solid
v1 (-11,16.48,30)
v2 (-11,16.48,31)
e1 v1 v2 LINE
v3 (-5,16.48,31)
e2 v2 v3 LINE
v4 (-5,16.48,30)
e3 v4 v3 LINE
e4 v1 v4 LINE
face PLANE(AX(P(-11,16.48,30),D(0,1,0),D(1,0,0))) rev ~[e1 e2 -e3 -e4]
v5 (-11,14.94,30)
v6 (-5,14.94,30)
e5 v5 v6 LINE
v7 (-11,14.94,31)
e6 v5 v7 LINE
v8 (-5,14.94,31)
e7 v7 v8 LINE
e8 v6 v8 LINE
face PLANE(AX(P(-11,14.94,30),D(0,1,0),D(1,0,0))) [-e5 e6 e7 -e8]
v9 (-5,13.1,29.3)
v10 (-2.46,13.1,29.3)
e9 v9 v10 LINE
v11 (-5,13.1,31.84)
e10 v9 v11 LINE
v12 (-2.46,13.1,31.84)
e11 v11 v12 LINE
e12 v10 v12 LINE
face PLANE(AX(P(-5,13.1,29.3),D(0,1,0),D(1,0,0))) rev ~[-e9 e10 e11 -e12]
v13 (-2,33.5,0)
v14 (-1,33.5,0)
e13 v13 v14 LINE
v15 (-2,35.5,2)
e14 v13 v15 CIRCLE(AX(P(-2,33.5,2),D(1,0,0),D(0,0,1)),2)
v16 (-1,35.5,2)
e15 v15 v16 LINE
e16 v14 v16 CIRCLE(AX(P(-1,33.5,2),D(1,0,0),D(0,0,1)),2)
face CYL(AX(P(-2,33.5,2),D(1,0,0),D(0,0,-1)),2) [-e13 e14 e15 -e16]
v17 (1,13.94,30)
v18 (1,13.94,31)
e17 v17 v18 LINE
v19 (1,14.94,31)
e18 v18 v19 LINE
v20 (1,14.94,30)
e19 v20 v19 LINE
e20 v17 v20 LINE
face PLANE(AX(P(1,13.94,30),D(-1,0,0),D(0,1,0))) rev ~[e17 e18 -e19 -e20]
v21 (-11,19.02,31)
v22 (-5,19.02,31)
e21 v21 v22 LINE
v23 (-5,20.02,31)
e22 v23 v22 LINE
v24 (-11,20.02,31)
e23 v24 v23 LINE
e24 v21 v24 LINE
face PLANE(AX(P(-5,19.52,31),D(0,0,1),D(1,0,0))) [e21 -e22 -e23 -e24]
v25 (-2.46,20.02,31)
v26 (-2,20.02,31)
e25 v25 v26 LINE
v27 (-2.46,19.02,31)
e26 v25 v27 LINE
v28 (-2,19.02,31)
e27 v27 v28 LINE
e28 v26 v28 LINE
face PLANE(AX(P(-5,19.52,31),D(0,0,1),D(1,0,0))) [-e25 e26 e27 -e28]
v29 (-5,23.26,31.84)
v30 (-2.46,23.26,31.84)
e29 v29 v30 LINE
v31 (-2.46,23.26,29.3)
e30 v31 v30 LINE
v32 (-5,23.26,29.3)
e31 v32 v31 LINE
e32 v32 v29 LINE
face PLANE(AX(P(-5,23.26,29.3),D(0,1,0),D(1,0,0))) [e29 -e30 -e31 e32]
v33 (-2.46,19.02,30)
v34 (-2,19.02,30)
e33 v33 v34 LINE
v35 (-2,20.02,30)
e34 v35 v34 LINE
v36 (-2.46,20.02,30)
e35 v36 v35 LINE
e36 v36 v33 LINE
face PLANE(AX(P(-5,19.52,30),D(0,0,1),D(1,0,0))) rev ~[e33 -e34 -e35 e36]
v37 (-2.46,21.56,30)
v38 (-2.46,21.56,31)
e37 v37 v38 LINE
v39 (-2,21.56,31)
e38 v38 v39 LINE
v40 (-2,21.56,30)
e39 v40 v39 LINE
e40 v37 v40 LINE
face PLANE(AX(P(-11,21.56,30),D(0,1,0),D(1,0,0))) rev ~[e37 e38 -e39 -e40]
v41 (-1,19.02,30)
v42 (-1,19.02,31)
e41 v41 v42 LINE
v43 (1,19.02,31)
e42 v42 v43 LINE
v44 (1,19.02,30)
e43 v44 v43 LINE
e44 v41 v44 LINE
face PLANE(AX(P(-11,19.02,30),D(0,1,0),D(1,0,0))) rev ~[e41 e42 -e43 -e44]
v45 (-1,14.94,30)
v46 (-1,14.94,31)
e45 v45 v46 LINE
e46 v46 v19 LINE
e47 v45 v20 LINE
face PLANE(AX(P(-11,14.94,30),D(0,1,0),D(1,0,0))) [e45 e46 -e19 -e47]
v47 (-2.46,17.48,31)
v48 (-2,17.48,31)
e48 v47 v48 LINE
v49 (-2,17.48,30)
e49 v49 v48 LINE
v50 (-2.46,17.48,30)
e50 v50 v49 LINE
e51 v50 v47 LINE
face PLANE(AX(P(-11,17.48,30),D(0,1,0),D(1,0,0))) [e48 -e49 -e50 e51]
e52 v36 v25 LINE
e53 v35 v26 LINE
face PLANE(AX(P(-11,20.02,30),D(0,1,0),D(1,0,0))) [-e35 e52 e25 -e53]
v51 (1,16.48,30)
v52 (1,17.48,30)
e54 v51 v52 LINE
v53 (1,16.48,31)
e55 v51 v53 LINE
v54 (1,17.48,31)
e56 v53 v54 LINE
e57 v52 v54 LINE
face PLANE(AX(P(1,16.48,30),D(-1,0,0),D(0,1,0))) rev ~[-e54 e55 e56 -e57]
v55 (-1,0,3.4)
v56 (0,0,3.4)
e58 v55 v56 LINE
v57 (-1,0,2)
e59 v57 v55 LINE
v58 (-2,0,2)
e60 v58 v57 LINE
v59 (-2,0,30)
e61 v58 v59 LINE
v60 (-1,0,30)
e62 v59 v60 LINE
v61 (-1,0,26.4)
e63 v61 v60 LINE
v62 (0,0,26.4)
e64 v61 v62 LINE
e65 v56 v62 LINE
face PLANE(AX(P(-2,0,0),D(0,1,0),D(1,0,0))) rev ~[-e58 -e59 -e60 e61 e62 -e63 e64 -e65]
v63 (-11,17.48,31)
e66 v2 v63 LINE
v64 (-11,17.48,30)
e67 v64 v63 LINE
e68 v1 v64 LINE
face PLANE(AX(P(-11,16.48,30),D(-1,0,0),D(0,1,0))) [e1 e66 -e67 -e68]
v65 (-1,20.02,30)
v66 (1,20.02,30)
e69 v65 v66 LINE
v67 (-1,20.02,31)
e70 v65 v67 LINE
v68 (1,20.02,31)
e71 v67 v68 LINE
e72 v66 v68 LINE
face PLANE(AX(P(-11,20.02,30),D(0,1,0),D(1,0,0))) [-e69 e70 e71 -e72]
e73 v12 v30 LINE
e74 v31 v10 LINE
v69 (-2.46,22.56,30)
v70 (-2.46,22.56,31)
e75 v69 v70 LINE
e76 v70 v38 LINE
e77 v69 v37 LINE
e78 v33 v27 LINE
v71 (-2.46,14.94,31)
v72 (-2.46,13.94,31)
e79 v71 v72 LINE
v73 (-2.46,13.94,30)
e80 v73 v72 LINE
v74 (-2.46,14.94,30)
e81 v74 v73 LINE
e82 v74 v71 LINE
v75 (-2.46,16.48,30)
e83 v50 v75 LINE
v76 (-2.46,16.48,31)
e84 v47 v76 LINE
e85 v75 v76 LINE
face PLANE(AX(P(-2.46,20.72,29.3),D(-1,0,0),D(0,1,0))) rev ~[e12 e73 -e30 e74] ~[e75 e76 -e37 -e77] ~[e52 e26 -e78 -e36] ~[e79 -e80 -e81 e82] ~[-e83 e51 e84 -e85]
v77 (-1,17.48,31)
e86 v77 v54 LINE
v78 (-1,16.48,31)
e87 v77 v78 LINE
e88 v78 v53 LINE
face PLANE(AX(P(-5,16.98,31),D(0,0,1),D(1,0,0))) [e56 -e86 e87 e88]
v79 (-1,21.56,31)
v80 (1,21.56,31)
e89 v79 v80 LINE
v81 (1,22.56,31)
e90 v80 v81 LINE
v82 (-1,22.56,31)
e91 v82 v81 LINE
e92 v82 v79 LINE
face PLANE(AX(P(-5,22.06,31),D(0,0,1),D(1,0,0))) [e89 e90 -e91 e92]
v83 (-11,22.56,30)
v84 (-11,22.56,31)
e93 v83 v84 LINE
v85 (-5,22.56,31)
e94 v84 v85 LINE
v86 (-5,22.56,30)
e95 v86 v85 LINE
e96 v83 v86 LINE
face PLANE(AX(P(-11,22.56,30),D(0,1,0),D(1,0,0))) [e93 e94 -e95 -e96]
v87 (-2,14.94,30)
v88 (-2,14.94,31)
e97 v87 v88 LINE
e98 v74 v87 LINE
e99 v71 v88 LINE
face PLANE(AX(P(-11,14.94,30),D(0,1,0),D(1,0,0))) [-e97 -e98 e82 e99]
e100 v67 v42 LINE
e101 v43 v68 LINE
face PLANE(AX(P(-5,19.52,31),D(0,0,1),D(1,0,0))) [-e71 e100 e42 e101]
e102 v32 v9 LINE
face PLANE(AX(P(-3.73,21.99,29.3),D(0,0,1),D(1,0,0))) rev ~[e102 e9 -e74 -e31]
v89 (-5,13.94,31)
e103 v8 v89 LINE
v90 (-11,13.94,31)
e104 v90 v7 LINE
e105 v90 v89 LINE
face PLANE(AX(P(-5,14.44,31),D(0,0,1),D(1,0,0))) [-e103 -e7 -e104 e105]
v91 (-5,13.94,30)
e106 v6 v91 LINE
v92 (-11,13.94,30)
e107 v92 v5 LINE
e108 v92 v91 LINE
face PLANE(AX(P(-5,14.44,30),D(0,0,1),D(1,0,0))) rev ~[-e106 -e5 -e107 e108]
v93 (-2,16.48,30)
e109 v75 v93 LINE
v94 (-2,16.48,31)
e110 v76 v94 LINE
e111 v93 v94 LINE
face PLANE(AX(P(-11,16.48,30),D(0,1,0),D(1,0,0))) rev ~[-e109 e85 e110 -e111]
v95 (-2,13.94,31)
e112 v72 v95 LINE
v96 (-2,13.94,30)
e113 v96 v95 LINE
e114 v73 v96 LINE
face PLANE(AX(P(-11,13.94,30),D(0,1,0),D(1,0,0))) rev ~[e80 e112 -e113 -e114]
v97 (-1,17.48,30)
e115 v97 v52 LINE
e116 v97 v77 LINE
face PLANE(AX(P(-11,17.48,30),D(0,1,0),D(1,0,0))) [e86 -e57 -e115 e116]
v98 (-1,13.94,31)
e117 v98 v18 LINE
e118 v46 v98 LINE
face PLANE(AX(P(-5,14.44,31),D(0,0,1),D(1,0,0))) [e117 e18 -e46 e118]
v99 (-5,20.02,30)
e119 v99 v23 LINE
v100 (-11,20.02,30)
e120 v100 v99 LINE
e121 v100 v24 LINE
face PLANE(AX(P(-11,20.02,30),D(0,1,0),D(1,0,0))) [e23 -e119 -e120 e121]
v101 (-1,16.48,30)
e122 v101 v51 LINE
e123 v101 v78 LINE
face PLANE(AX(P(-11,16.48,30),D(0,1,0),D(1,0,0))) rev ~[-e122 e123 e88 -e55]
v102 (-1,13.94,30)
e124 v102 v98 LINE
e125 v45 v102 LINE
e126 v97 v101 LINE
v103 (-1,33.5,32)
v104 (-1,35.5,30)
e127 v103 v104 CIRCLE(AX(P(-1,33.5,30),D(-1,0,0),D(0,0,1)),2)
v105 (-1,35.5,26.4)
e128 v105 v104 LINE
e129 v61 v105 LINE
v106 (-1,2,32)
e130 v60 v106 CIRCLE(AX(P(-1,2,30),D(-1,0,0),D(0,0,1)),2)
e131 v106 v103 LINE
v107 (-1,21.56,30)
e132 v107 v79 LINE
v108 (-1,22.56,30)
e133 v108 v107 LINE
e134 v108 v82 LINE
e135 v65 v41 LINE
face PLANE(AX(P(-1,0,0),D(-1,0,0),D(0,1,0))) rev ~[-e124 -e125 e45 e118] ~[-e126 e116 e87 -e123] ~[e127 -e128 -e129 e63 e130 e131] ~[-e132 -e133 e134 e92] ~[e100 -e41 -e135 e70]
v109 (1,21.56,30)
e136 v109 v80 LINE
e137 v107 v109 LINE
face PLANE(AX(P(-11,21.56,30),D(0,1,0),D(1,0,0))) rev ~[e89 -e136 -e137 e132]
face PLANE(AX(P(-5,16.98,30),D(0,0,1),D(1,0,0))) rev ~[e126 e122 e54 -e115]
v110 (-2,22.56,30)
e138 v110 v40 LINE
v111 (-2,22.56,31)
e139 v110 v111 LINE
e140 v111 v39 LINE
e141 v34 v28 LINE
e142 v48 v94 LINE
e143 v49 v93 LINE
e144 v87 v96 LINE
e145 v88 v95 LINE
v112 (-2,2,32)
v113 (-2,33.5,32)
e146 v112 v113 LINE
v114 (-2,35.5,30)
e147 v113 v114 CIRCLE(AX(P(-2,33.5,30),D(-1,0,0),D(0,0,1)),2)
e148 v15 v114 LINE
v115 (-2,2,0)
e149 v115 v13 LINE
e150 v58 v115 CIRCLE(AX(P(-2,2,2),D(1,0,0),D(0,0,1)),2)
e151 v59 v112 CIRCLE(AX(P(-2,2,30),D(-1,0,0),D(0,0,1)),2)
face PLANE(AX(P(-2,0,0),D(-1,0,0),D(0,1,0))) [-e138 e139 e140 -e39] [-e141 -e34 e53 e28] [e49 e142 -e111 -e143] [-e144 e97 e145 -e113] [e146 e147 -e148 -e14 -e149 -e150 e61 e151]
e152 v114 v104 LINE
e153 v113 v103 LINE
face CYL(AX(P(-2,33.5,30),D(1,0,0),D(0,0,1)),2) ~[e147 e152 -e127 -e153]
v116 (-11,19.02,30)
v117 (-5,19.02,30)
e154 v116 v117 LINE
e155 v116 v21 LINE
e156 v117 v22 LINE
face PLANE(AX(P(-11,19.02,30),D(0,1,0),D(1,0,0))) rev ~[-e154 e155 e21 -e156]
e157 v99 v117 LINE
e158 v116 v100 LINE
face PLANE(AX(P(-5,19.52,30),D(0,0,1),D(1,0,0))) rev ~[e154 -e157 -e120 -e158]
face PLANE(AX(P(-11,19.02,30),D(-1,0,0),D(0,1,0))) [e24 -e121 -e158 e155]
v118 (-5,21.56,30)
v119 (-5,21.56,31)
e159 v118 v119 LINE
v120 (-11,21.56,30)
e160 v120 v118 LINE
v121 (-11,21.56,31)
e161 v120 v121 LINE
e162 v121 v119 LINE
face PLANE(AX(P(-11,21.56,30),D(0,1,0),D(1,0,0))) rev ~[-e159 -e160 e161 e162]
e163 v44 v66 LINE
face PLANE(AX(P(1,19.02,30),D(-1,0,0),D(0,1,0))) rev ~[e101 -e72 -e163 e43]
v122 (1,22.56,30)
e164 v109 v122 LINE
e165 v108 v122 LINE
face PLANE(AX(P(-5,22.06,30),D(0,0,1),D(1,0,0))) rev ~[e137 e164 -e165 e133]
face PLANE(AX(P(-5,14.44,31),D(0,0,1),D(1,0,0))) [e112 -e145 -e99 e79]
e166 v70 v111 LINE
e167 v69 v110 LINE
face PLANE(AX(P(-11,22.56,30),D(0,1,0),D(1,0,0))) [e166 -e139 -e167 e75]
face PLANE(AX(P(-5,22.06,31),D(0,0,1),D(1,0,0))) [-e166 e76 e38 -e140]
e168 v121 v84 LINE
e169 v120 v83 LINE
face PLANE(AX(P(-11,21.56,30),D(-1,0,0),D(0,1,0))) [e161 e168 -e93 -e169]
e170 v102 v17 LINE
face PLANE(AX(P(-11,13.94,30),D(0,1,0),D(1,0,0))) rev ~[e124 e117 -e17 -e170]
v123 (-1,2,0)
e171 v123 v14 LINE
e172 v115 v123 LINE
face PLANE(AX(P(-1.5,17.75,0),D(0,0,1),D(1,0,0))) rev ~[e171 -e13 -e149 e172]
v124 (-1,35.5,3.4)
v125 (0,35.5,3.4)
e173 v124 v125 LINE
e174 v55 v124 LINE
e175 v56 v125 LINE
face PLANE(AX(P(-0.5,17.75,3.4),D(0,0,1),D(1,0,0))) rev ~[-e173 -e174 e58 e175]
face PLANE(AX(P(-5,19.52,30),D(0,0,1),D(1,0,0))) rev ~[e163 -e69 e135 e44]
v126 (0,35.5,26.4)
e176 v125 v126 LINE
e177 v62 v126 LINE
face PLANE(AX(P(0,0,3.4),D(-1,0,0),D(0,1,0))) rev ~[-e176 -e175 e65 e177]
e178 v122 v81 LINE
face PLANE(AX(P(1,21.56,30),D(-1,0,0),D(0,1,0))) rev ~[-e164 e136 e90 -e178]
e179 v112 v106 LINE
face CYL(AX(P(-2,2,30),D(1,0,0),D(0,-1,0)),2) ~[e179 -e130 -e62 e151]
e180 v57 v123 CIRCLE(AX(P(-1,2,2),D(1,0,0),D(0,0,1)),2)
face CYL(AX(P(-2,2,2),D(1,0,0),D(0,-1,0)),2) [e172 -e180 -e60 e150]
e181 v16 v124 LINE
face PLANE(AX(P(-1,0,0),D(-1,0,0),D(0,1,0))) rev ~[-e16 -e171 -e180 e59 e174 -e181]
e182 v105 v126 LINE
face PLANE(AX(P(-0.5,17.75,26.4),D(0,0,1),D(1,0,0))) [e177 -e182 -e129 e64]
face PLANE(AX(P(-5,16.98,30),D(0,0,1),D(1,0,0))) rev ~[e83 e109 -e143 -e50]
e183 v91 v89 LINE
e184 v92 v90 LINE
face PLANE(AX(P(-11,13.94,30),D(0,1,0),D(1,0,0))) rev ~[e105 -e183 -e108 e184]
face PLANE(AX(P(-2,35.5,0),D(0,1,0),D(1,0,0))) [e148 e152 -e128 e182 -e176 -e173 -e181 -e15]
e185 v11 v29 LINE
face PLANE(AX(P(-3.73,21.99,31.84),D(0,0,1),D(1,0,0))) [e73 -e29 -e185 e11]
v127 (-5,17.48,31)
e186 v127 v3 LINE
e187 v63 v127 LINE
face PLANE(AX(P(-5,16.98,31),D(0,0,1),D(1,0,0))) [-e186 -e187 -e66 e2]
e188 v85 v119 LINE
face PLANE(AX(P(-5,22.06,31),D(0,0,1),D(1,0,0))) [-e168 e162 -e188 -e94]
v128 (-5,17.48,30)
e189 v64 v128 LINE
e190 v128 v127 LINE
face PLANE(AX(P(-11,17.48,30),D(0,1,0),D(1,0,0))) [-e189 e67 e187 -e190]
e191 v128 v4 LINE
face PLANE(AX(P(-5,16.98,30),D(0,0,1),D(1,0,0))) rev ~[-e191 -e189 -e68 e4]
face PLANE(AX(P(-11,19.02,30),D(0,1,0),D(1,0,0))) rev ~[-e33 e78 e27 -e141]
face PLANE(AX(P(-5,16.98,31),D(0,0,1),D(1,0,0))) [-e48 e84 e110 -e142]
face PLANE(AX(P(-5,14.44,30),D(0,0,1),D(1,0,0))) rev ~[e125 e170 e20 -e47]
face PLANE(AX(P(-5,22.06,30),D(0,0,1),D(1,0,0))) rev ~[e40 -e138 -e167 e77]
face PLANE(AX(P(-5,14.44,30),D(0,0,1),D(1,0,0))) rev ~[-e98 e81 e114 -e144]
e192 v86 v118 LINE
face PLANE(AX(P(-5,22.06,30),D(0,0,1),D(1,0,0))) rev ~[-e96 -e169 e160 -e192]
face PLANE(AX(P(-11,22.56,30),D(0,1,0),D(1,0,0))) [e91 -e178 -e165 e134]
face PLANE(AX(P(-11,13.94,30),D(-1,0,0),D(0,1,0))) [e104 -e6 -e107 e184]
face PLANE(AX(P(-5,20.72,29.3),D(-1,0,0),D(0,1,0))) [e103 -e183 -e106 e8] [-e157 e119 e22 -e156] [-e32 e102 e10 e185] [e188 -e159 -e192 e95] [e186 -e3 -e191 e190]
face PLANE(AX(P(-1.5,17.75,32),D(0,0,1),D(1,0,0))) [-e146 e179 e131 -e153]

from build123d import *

# Parameters (mm, degrees)
BOX003001_W           = 2.54
BOX003001_H           = 2.54
BOX003001_DEPTH       = 2.54
BOX002001_W           = 12
BOX002001_H           = 1
BOX002001_DEPTH       = 1
BOX003001001_W        = 2.54
BOX003001001_H        = 2.54
BOX003001001_DEPTH    = 2.54
BOX002001001_W        = 12
BOX002001001_H        = 1
BOX002001001_DEPTH    = 1
BOX003001001001_W     = 2.54
BOX003001001001_H     = 2.54
BOX003001001001_DEPTH = 2.54
BOX002001001001_W     = 12
BOX002001001001_H     = 1
BOX002001001001_DEPTH = 1
BOX003_W              = 2.54
BOX003_H              = 2.54
BOX003_DEPTH          = 2.54
BOX002_W              = 12
BOX002_H              = 1
BOX002_DEPTH          = 1
BOX_W                 = 1
BOX_H                 = 35.5
BOX_DEPTH             = 32
FILLET_R              = 2
FILLET001_R           = 2
FILLET002_R           = 2
FILLET003_R           = 2
BOX001_W              = 1
BOX001_H              = 35.5
BOX001_DEPTH          = 23


with BuildPart() as housing001:
    # Box003001 → Box003001 (new body)
    with BuildSketch(Plane(origin=(-5, 13.1, 29.3), x_dir=(1, 0, 0), z_dir=(0, 0, 1))):
        with Locations((1.27, 1.27)):
            Rectangle(BOX003001_W, BOX003001_H)
    extrude(amount=BOX003001_DEPTH)


with BuildPart() as pin003:
    # Box002001 → Box002001 (new body)
    with BuildSketch(Plane(origin=(-11, 13.94, 30), x_dir=(1, 0, 0), z_dir=(0, 0, 1))):
        with Locations((6, 0.5)):
            Rectangle(BOX002001_W, BOX002001_H)
    extrude(amount=BOX002001_DEPTH)

    # Fusion001: union Housing001
    add(housing001.part)


with BuildPart() as pin003_1:
    # Fusion001 placement: moved
    add(pin003.part.moved(Location((0, 2.54, 0))))


with BuildPart() as housing002:
    # Box003001001 → Box003001001 (new body)
    with BuildSketch(Plane(origin=(-5, 13.1, 29.3), x_dir=(1, 0, 0), z_dir=(0, 0, 1))):
        with Locations((1.27, 1.27)):
            Rectangle(BOX003001001_W, BOX003001001_H)
    extrude(amount=BOX003001001_DEPTH)


with BuildPart() as pin004:
    # Box002001001 → Box002001001 (new body)
    with BuildSketch(Plane(origin=(-11, 13.94, 30), x_dir=(1, 0, 0), z_dir=(0, 0, 1))):
        with Locations((6, 0.5)):
            Rectangle(BOX002001001_W, BOX002001001_H)
    extrude(amount=BOX002001001_DEPTH)

    # Fusion001001: union Housing002
    add(housing002.part)


with BuildPart() as pin004_1:
    # Fusion001001 placement: moved
    add(pin004.part.moved(Location((0, 5.08, 0))))


with BuildPart() as housing003:
    # Box003001001001 → Box003001001001 (new body)
    with BuildSketch(Plane(origin=(-5, 13.1, 29.3), x_dir=(1, 0, 0), z_dir=(0, 0, 1))):
        with Locations((1.27, 1.27)):
            Rectangle(BOX003001001001_W, BOX003001001001_H)
    extrude(amount=BOX003001001001_DEPTH)


with BuildPart() as pin006:
    # Box002001001001 → Box002001001001 (new body)
    with BuildSketch(Plane(origin=(-11, 13.94, 30), x_dir=(1, 0, 0), z_dir=(0, 0, 1))):
        with Locations((6, 0.5)):
            Rectangle(BOX002001001001_W, BOX002001001001_H)
    extrude(amount=BOX002001001001_DEPTH)

    # Fusion001001001: union Housing003
    add(housing003.part)


with BuildPart() as pin006_1:
    # Fusion001001001 placement: moved
    add(pin006.part.moved(Location((0, 7.62, 0))))


with BuildPart() as housing:
    # Box003 → Box003 (new body)
    with BuildSketch(Plane(origin=(-5, 13.1, 29.3), x_dir=(1, 0, 0), z_dir=(0, 0, 1))):
        with Locations((1.27, 1.27)):
            Rectangle(BOX003_W, BOX003_H)
    extrude(amount=BOX003_DEPTH)


with BuildPart() as pins:
    # Box002 → Box002 (new body)
    with BuildSketch(Plane(origin=(-11, 13.94, 30), x_dir=(1, 0, 0), z_dir=(0, 0, 1))):
        with Locations((6, 0.5)):
            Rectangle(BOX002_W, BOX002_H)
    extrude(amount=BOX002_DEPTH)

    # Fusion: union Housing
    add(housing.part)

    # Fusion001001002: union Pin003, Pin004, Pin006
    add(pin003_1.part)
    add(pin004_1.part)
    add(pin006_1.part)


with BuildPart() as pcb:
    # Box → Box (new body)
    with BuildSketch(Plane(origin=(-2, 0, 0), x_dir=(1, 0, 0), z_dir=(0, 0, 1))):
        with Locations((0.5, 17.75)):
            Rectangle(BOX_W, BOX_H)
    extrude(amount=BOX_DEPTH)

    # Fillet
    fillet_edges = [pcb.edges().sort_by_distance(p)[0] for p in [
        (-1.5, 0, 32),
    ]]
    fillet(fillet_edges, radius=FILLET_R)

    # Fillet001
    fillet001_edges = [pcb.edges().sort_by_distance(p)[0] for p in [
        (-1.5, 35.5, 32),
    ]]
    fillet(fillet001_edges, radius=FILLET001_R)

    # Fillet002
    fillet002_edges = [pcb.edges().sort_by_distance(p)[0] for p in [
        (-1.5, 0, 0),
    ]]
    fillet(fillet002_edges, radius=FILLET002_R)

    # Fillet003
    fillet003_edges = [pcb.edges().sort_by_distance(p)[0] for p in [
        (-1.5, 35.5, 0),
    ]]
    fillet(fillet003_edges, radius=FILLET003_R)


with BuildPart() as lcd:
    # Box001 → Box001 (new body)
    with BuildSketch(Plane(origin=(-1, 0, 3.4), x_dir=(1, 0, 0), z_dir=(0, 0, 1))):
        with Locations((0.5, 17.75)):
            Rectangle(BOX001_W, BOX001_H)
    extrude(amount=BOX001_DEPTH)

    # Fusion001001003: union Pins, Pcb
    add(pins.part)
    add(pcb.part)


solid = lcd.part
